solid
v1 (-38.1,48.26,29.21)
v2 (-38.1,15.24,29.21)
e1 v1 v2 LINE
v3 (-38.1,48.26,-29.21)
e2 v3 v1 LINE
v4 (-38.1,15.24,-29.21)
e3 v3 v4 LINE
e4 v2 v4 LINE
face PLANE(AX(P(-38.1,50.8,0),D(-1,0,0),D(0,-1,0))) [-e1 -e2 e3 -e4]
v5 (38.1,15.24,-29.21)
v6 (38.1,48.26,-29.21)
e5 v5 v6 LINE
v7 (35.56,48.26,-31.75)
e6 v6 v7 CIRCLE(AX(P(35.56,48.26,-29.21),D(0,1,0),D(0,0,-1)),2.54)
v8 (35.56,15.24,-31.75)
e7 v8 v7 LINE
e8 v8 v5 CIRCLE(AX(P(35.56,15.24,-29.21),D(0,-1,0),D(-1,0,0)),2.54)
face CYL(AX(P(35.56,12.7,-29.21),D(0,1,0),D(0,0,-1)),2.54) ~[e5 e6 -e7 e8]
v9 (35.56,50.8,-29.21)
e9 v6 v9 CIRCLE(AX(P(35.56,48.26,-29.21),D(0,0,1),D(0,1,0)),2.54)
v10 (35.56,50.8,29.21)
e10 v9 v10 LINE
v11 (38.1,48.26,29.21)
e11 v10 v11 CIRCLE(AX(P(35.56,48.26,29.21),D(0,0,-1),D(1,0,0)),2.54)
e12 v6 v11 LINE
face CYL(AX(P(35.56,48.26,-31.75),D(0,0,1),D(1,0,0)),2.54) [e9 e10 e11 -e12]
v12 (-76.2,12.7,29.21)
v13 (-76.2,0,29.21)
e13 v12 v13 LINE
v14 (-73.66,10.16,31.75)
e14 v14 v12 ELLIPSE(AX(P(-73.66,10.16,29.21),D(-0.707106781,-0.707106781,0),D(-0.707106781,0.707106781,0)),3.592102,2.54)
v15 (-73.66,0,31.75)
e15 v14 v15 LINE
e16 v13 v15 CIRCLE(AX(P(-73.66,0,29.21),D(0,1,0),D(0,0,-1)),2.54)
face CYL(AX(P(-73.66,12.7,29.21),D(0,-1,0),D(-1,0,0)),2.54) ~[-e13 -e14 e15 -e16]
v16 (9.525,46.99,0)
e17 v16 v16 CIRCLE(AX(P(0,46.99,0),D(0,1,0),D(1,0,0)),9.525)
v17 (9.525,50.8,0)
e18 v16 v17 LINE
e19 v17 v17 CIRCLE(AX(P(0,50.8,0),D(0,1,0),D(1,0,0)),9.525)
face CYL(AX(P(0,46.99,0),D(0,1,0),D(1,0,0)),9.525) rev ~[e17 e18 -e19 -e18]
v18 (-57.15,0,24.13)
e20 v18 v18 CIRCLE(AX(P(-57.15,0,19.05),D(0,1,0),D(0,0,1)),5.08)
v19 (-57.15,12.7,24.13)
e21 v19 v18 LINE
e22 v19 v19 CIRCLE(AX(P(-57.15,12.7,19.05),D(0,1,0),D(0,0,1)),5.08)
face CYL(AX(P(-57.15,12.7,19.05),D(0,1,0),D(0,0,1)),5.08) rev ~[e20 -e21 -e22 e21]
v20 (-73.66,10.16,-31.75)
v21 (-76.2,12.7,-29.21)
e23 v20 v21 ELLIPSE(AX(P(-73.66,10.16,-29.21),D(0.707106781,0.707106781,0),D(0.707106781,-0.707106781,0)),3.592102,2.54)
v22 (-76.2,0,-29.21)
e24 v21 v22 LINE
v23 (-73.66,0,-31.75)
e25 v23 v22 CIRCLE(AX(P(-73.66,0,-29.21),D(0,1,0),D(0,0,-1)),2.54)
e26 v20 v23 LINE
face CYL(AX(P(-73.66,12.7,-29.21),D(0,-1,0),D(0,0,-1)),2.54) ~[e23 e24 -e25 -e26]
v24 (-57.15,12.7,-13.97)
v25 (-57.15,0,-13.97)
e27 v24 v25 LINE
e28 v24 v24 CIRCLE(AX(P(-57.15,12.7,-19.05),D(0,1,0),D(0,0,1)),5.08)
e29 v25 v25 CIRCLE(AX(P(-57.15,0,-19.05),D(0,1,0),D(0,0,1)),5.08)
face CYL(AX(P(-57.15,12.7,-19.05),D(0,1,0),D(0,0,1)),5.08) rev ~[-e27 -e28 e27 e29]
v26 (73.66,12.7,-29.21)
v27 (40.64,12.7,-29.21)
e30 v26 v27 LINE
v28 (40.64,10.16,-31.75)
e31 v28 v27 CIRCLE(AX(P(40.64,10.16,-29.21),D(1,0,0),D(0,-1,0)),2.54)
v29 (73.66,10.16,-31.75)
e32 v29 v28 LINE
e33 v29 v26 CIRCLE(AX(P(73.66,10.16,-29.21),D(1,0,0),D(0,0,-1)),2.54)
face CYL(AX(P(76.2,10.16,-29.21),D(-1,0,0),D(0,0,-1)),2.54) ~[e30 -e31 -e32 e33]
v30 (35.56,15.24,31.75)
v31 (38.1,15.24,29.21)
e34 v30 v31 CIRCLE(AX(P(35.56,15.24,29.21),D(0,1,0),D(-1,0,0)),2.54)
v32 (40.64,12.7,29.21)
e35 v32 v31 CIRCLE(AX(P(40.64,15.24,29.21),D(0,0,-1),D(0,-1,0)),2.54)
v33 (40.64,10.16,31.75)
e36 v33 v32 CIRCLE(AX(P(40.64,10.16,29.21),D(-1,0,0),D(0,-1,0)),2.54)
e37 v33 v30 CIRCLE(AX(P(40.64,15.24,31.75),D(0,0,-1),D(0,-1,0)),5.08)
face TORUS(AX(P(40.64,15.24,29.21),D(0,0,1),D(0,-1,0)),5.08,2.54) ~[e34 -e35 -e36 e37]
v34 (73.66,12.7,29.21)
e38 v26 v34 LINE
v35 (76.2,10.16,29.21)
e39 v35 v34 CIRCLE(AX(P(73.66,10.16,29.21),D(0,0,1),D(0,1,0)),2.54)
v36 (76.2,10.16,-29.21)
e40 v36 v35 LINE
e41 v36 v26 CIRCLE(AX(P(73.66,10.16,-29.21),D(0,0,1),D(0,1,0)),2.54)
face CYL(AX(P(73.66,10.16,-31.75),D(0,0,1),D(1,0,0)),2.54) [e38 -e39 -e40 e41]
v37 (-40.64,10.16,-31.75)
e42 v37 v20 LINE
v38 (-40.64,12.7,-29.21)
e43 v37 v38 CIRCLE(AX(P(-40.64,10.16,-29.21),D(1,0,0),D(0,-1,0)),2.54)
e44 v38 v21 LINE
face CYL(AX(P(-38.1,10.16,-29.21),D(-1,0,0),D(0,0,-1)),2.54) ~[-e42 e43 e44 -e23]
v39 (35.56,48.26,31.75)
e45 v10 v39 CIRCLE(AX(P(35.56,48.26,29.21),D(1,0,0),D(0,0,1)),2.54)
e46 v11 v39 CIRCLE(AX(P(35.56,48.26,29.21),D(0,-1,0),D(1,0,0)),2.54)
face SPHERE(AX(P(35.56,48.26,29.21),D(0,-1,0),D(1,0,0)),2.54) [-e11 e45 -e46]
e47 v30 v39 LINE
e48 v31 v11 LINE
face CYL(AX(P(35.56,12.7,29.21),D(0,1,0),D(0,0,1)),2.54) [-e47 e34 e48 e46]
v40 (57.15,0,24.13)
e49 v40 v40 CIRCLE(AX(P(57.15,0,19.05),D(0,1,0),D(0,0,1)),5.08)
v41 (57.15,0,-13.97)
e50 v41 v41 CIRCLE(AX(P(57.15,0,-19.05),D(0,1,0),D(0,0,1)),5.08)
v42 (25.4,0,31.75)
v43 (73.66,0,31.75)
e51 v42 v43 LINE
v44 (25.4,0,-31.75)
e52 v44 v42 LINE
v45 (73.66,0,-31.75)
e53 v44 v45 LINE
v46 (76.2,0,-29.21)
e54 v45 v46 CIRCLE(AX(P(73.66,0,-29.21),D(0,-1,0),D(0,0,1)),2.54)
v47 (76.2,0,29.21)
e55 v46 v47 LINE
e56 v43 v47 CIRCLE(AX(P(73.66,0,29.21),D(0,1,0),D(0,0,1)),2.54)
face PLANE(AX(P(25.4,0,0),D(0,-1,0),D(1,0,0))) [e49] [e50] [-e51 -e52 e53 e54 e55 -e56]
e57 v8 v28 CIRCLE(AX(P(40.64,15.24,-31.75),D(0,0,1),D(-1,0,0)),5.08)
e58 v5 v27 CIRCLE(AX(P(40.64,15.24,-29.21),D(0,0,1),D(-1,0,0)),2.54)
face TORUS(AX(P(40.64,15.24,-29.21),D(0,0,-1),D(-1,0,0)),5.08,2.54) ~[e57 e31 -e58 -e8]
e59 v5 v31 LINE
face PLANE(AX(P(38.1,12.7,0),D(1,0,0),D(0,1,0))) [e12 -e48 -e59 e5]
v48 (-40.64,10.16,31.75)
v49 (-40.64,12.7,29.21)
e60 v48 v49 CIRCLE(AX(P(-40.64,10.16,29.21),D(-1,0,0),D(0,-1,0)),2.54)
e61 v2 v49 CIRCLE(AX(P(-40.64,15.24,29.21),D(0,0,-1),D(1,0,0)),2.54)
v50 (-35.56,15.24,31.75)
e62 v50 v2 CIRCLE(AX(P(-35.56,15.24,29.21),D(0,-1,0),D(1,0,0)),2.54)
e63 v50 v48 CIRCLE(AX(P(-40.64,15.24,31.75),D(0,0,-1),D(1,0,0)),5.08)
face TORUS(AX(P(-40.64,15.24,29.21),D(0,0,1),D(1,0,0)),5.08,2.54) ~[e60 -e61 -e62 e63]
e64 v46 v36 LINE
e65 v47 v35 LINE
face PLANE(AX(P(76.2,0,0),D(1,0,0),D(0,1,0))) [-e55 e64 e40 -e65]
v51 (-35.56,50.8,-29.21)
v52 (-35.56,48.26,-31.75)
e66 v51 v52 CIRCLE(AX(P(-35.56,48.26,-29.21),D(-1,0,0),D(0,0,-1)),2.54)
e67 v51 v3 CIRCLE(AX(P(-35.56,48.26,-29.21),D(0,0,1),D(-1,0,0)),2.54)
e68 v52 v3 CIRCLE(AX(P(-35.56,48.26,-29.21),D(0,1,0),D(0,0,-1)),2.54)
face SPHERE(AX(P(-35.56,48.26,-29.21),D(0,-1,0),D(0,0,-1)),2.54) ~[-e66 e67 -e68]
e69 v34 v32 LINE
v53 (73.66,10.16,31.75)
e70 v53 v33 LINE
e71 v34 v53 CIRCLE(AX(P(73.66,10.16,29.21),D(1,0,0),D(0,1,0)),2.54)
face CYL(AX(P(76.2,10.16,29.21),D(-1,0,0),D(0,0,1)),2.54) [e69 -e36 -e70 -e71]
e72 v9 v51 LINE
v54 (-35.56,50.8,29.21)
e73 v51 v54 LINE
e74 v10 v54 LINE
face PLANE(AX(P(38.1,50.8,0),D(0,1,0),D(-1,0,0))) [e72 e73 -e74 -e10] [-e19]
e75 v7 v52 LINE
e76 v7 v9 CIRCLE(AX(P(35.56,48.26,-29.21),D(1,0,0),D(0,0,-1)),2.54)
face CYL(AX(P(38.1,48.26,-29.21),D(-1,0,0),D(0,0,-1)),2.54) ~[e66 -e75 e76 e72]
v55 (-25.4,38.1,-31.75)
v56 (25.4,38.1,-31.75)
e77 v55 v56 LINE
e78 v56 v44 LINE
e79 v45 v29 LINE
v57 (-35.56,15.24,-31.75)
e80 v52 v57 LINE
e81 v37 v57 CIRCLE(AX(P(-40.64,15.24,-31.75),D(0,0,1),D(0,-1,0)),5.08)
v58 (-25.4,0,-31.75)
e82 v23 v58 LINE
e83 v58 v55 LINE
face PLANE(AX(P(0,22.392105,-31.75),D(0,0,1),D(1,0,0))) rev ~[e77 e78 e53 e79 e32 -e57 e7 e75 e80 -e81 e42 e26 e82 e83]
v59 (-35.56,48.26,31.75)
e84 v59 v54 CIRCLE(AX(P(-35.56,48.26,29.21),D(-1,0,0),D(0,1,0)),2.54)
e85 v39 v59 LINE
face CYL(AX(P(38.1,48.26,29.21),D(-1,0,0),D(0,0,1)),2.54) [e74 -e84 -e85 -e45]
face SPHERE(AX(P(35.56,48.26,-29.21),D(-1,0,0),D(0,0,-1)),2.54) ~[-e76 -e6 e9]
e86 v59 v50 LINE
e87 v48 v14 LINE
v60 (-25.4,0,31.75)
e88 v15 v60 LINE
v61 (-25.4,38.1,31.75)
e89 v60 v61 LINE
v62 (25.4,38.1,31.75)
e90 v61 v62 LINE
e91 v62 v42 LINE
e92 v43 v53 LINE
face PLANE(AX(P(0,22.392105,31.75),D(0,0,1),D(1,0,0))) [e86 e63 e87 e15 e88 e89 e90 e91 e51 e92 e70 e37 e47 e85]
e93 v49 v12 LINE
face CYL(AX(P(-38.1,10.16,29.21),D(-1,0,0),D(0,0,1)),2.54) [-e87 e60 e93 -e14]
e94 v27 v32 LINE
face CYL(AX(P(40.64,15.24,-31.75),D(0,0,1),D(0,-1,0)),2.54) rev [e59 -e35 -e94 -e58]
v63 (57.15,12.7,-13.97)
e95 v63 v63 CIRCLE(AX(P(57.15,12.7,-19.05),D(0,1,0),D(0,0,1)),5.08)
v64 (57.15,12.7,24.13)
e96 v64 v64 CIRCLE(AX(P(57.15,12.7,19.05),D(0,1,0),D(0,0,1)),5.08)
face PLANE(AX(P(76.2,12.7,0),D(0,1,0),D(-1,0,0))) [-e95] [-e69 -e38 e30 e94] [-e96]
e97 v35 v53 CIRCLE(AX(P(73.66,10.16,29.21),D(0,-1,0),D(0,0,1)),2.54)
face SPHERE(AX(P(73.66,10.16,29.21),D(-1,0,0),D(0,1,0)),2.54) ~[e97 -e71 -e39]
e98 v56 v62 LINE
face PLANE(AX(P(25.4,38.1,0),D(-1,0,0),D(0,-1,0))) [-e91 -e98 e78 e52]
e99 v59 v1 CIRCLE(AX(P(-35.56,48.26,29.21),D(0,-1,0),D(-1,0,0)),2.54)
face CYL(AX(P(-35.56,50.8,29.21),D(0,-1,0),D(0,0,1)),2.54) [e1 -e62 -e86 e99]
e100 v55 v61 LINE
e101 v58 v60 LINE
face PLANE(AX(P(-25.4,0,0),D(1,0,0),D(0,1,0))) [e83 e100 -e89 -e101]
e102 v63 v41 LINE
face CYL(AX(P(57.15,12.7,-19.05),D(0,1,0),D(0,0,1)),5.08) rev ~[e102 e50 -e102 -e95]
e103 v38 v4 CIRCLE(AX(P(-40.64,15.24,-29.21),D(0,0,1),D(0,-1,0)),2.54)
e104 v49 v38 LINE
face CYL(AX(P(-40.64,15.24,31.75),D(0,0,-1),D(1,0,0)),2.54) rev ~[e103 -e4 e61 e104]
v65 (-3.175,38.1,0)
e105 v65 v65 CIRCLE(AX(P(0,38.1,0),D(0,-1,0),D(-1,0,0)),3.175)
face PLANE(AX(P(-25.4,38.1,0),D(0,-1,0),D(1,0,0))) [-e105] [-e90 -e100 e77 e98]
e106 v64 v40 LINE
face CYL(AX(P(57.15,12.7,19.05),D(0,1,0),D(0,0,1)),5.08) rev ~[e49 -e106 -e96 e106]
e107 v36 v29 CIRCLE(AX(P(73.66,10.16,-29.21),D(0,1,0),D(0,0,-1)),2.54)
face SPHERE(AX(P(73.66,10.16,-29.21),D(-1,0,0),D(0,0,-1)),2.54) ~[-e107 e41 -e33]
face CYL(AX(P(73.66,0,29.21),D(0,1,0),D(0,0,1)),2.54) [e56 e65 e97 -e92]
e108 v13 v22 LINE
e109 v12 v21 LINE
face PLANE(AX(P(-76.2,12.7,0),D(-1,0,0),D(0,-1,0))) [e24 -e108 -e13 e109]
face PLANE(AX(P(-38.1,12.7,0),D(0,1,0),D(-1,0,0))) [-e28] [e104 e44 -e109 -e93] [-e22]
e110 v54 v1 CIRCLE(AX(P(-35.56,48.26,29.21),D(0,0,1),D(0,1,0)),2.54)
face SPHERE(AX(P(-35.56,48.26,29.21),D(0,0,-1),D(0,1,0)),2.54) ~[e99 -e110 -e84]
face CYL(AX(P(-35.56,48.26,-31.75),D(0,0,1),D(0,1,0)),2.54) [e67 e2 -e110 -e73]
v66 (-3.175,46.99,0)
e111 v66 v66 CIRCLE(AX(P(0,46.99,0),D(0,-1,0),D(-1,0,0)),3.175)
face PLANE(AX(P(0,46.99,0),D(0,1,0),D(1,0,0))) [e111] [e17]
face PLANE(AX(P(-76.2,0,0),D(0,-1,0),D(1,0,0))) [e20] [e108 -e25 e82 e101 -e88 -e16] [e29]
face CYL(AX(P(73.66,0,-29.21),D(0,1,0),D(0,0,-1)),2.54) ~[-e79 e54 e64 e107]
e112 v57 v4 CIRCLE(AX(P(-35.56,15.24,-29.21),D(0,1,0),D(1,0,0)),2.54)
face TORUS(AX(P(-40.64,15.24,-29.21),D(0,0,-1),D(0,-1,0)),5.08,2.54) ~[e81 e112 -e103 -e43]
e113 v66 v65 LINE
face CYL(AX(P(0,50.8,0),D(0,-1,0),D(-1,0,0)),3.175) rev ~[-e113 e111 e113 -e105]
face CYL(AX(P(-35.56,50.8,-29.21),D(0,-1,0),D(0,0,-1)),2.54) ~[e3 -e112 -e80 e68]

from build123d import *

# Parameters (mm, degrees)
EXTRUDE_THIN1_DEPTH                                 = 31.75
CBORE_FOR_00_BINDING_HEAD_MACHINE_SCREW_D           = 6.35
CBORE_FOR_00_BINDING_HEAD_MACHINE_SCREW_CBORE_D     = 19.05
CBORE_FOR_00_BINDING_HEAD_MACHINE_SCREW_CBORE_DEPTH = 3.81
SKETCH7_R                                           = 5.08
CUT_EXTRUDE1_DEPTH                                  = 91.918163752
LPATTERN1_COUNT                                     = 2
LPATTERN1_PITCH                                     = 38.1
LPATTERN1_COUNT_DIR2                                = 2
LPATTERN1_PITCH_DIR2                                = 114.3
FILLET1_R                                           = 2.54


with BuildPart() as part:
    # Sketch1 → Extrude-Thin1 (new, symmetric)
    with BuildSketch(Plane.XY):
        Polygon((-76.2, 0), (-25.4, 0), (-25.4, 38.1), (25.4, 38.1), (25.4, 0), (76.2, 0), (76.2, 12.7), (38.1, 12.7), (38.1, 50.8), (-38.1, 50.8), (-38.1, 12.7), (-76.2, 12.7), align=None)
    extrude(amount=EXTRUDE_THIN1_DEPTH, both=True)

    # CBORE for #00 Binding Head Machine Screw2 (through all)
    with Locations(Plane(origin=(0, 50.8, 0), x_dir=(1, 0, 0), z_dir=(0, 1, 0))):
        with Locations((0, 0)):
            CounterBoreHole(CBORE_FOR_00_BINDING_HEAD_MACHINE_SCREW_D / 2, CBORE_FOR_00_BINDING_HEAD_MACHINE_SCREW_CBORE_D / 2, CBORE_FOR_00_BINDING_HEAD_MACHINE_SCREW_CBORE_DEPTH)

    # Sketch7 → Cut-Extrude1 (cut, through all)
    with BuildSketch(Plane(origin=(0, 12.7, 0), x_dir=(1, 0, 0), z_dir=(0, 1, 0))):
        with Locations(Location((-57.15, -19.05, 0), (0, 0, 270))):
            Circle(SKETCH7_R)
    cut_extrude1 = extrude(amount=-CUT_EXTRUDE1_DEPTH, mode=Mode.SUBTRACT)

    # LPattern1: Cut-Extrude1 2 × 2
    with Locations(*[(j * LPATTERN1_PITCH_DIR2, 0, -i * LPATTERN1_PITCH) for i in range(LPATTERN1_COUNT) for j in range(LPATTERN1_COUNT_DIR2) if (i, j) != (0, 0)]):
        add(cut_extrude1, mode=Mode.SUBTRACT)

    # Fillet1
    fillet1_edges = [part.edges().sort_by_distance(p)[0] for p in [
        (-76.2, 6.35, -31.75),
        (-57.15, 12.7, -31.75),
        (-38.1, 31.75, -31.75),
        (0, 50.8, -31.75),
        (57.15, 12.7, 31.75),
        (38.1, 31.75, -31.75),
        (57.15, 12.7, -31.75),
        (76.2, 6.35, -31.75),
        (38.1, 31.75, 31.75),
        (-38.1, 12.7, 0),
        (-38.1, 50.8, 0),
        (38.1, 50.8, 0),
        (38.1, 12.7, 0),
        (76.2, 12.7, 0),
        (0, 50.8, 31.75),
        (-38.1, 31.75, 31.75),
        (-57.15, 12.7, 31.75),
        (-76.2, 6.35, 31.75),
        (76.2, 6.35, 31.75),
    ]]
    fillet(fillet1_edges, radius=FILLET1_R)


solid = part.part
